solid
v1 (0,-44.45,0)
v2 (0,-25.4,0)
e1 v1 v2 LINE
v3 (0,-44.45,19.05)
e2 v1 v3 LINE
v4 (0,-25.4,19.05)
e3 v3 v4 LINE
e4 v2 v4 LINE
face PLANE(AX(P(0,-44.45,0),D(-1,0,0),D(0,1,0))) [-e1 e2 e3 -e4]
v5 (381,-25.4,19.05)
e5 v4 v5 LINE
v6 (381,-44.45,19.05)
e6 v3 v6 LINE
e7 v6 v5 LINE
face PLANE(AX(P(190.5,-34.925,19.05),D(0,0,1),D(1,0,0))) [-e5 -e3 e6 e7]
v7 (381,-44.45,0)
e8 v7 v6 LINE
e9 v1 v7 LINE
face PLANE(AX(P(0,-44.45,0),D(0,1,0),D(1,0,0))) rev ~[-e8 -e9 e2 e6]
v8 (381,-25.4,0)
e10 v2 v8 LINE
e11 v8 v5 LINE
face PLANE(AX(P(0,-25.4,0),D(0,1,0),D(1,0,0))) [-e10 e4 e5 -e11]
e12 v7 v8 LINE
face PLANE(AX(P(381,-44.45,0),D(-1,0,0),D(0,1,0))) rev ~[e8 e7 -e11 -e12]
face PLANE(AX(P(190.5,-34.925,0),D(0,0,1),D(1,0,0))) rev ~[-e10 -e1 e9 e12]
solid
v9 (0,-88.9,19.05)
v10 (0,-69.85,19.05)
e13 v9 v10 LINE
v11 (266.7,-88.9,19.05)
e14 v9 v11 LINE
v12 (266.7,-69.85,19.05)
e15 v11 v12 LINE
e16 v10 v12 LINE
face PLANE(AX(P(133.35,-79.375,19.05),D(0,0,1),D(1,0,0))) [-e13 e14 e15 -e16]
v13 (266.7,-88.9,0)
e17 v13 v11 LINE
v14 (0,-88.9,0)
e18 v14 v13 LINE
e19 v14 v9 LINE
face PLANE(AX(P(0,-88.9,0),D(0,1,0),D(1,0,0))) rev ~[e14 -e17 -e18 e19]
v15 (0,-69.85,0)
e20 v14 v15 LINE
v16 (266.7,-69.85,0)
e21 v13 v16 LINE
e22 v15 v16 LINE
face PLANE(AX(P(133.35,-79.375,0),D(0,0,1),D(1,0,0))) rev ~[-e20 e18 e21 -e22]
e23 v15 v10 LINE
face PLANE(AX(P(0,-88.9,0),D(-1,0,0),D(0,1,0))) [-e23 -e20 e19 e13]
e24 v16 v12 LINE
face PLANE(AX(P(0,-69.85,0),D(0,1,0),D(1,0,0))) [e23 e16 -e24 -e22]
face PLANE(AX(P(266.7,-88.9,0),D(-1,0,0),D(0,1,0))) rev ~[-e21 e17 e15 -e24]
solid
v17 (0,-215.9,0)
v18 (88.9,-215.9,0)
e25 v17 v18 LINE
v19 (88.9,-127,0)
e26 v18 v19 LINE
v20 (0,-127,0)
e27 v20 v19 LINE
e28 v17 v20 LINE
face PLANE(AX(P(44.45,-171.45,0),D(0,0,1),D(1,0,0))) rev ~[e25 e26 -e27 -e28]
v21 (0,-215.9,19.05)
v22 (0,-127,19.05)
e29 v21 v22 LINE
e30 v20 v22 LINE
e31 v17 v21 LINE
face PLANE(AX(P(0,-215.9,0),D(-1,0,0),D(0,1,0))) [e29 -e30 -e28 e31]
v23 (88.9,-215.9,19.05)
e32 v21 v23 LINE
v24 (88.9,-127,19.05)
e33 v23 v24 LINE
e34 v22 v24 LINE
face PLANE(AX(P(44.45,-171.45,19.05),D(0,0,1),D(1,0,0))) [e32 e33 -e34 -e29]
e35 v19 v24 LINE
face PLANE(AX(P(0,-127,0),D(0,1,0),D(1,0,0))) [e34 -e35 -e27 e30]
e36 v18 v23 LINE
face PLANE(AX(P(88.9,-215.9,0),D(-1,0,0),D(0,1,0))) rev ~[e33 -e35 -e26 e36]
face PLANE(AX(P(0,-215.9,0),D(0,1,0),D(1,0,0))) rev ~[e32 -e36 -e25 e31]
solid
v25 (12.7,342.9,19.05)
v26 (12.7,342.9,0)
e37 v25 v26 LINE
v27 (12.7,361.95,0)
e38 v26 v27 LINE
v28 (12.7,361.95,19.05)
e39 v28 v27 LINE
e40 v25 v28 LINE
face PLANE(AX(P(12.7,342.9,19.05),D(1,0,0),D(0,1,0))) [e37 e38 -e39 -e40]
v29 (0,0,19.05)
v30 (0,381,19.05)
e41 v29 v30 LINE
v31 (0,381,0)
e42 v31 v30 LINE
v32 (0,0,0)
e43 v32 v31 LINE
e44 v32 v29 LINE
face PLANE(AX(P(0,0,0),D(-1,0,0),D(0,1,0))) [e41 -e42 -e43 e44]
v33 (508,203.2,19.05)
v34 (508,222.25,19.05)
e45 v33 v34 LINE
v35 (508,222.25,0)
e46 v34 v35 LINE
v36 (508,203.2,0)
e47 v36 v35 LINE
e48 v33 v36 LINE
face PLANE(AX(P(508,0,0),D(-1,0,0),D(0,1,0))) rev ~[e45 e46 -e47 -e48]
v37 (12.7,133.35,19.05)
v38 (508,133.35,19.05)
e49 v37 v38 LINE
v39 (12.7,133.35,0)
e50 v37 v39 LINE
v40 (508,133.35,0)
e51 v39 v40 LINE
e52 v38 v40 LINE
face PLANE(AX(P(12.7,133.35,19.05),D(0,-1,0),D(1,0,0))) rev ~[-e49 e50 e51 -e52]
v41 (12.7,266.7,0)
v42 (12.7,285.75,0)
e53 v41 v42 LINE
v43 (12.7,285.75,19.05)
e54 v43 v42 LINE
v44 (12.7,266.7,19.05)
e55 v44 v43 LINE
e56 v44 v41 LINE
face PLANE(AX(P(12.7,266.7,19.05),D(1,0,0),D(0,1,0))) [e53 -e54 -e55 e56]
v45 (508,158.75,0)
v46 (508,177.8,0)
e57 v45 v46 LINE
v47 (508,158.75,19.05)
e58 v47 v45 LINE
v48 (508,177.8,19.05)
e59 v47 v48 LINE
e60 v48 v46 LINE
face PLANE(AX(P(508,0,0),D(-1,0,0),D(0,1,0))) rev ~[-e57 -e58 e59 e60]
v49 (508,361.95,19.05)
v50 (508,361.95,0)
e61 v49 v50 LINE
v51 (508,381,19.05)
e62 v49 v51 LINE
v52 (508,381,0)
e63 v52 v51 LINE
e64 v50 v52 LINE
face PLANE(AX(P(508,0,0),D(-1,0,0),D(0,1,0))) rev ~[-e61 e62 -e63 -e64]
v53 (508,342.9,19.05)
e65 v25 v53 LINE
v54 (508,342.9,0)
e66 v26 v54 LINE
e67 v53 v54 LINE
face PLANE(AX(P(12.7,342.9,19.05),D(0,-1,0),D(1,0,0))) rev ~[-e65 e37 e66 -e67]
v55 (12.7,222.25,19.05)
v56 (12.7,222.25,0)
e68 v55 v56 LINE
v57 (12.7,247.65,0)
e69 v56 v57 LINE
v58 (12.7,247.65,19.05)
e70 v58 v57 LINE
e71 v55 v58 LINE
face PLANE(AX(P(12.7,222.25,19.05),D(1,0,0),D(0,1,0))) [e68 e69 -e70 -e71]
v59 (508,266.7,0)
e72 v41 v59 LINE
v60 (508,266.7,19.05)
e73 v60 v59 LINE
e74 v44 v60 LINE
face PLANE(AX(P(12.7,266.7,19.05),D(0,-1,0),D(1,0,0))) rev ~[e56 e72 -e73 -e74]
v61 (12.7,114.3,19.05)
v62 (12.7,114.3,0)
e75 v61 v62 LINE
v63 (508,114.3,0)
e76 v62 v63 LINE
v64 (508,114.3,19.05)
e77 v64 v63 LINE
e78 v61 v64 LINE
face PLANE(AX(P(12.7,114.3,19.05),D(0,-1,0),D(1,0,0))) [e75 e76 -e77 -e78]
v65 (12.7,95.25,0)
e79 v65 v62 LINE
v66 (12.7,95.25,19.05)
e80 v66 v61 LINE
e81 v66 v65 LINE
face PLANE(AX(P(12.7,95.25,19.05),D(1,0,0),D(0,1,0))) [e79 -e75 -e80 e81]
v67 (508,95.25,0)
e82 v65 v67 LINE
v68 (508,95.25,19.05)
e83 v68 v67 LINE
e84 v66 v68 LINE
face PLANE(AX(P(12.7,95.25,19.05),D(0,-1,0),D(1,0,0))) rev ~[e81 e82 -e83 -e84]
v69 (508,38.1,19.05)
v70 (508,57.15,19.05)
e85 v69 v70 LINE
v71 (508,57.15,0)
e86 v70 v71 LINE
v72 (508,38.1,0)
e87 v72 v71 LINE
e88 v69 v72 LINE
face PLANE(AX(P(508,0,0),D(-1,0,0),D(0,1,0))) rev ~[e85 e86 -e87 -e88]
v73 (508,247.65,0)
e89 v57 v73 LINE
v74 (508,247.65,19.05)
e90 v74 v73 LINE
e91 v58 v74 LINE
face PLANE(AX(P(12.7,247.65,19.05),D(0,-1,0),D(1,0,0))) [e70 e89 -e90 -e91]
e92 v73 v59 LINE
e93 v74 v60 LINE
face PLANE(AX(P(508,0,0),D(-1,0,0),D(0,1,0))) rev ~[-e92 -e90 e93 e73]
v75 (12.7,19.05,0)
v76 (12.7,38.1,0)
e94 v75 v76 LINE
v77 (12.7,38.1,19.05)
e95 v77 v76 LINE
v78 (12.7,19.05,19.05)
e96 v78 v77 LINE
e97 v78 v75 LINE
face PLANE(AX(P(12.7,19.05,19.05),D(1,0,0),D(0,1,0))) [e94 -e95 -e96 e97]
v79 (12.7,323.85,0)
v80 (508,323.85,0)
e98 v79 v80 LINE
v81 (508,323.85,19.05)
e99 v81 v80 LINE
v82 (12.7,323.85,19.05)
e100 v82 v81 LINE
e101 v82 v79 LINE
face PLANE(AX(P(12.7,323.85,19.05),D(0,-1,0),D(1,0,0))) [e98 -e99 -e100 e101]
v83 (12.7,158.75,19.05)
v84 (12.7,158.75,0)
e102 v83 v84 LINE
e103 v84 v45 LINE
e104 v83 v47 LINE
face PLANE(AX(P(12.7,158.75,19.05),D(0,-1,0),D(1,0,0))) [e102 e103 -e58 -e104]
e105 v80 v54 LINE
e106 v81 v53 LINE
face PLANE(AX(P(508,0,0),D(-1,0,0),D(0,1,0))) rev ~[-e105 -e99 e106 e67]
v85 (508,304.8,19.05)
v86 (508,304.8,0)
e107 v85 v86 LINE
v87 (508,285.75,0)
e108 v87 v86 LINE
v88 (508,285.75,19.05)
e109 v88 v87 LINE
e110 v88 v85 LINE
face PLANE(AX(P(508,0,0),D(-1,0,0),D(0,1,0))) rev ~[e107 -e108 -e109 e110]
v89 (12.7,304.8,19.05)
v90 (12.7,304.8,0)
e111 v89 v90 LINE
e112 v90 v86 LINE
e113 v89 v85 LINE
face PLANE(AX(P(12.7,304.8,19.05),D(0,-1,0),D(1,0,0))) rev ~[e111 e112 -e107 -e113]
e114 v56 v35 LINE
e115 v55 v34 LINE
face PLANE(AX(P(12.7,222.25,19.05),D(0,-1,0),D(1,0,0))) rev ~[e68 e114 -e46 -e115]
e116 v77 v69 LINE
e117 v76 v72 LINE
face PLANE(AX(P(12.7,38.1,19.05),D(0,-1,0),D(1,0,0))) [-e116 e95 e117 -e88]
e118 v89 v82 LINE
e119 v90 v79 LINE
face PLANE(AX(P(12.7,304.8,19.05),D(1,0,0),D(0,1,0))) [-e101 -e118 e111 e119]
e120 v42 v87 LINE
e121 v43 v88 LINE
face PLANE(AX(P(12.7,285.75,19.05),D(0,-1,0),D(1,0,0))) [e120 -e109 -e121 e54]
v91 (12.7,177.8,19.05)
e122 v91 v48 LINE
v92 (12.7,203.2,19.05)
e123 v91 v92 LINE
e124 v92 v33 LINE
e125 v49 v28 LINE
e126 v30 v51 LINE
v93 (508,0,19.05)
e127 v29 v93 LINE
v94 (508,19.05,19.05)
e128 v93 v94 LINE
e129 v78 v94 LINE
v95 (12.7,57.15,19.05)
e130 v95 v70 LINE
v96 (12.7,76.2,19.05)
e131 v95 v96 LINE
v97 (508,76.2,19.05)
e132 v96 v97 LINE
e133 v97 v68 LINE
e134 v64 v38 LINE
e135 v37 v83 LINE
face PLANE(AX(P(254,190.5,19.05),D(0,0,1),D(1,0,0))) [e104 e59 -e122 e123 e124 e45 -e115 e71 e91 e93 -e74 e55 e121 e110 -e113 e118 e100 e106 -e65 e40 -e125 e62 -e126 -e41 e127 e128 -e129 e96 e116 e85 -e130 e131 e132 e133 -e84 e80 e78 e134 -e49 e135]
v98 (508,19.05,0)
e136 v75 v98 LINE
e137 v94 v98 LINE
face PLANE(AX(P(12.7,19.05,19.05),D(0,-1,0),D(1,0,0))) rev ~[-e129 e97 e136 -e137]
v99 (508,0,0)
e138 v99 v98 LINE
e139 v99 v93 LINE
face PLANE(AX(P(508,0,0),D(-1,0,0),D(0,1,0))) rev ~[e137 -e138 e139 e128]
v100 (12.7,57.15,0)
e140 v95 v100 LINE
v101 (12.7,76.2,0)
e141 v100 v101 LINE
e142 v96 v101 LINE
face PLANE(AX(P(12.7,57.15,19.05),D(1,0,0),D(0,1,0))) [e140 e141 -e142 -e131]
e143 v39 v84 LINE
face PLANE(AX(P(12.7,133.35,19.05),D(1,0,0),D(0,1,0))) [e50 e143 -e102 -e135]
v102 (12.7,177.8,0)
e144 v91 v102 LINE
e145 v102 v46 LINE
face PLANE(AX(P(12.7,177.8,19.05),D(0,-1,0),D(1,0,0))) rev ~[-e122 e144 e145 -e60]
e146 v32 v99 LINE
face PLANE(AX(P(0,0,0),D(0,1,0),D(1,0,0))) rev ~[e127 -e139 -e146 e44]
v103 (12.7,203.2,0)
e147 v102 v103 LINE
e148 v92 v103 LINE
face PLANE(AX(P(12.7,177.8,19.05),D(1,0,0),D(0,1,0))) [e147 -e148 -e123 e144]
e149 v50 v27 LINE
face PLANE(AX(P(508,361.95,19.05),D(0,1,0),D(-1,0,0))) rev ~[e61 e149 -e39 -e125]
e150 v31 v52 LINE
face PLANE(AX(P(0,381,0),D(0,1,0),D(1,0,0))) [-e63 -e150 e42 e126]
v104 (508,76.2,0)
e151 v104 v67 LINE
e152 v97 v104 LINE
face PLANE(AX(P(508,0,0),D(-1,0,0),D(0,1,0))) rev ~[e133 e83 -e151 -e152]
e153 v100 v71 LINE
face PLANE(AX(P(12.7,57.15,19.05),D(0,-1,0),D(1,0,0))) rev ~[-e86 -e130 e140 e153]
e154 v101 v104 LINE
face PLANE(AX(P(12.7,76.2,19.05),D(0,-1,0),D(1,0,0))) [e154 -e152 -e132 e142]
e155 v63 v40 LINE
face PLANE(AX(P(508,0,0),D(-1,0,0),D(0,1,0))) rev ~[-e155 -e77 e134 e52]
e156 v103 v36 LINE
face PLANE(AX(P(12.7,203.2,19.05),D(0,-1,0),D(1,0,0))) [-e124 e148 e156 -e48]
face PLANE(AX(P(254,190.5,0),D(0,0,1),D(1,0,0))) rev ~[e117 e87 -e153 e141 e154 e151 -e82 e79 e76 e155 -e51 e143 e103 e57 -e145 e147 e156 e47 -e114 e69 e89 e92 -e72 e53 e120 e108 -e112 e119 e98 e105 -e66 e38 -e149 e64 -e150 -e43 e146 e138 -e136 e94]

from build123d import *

# Parameters (mm, degrees)
F0_W     = 508
F0_H     = 381
F1_DEPTH = 19.05
F2_W     = 495.3
F2_H     = 19.05
F2_H_2   = 25.4
F2_W_2   = 482.6
F2_W_3   = 12.7
F3_DEPTH = 25.4
F4_W     = 381
F4_H     = 19.05
F4_W_2   = 266.7
F4_W_3   = 88.9
F4_H_2   = 88.9
F5_DEPTH = 19.05


with BuildPart() as f1:
    # F0 (on Top) → F1 (new body)
    with BuildSketch(Plane.XY):
        with Locations((254, 190.5)):
            Rectangle(F0_W, F0_H)
    extrude(amount=F1_DEPTH)

    # F2 (on face) → F3 (cut)
    with BuildSketch(Plane.XY.offset(19.05)):
        with Locations((260.35, 28.575)):
            Rectangle(F2_W, F2_H)
        with Locations((260.35, 66.675)):
            Rectangle(F2_W, F2_H)
        with Locations((260.35, 104.775)):
            Rectangle(F2_W, F2_H)
        with Locations((260.35, 146.05)):
            Rectangle(F2_W, F2_H_2)
        with Locations((260.35, 190.5)):
            Rectangle(F2_W, F2_H_2)
        with Locations((260.35, 234.95)):
            Rectangle(F2_W, F2_H_2)
        with Locations((260.35, 276.225)):
            Rectangle(F2_W, F2_H)
        with Locations((260.35, 314.325)):
            Rectangle(F2_W, F2_H)
        with Locations((254, 352.425)):
            Rectangle(F2_W_2, F2_H)
        with Locations((501.65, 352.425)):
            Rectangle(F2_W_3, F2_H)
    extrude(amount=-F3_DEPTH, mode=Mode.SUBTRACT)


with BuildPart() as f5:
    # F4 (on Top) → F5 (new body)
    with BuildSketch(Plane.XY):
        with Locations((190.5, -34.925)):
            Rectangle(F4_W, F4_H)
        with Locations((133.35, -79.375)):
            Rectangle(F4_W_2, F4_H)
        with Locations((44.45, -171.45)):
            Rectangle(F4_W_3, F4_H_2)
    extrude(amount=F5_DEPTH)


solid = Compound([f1.part, f5.part])
